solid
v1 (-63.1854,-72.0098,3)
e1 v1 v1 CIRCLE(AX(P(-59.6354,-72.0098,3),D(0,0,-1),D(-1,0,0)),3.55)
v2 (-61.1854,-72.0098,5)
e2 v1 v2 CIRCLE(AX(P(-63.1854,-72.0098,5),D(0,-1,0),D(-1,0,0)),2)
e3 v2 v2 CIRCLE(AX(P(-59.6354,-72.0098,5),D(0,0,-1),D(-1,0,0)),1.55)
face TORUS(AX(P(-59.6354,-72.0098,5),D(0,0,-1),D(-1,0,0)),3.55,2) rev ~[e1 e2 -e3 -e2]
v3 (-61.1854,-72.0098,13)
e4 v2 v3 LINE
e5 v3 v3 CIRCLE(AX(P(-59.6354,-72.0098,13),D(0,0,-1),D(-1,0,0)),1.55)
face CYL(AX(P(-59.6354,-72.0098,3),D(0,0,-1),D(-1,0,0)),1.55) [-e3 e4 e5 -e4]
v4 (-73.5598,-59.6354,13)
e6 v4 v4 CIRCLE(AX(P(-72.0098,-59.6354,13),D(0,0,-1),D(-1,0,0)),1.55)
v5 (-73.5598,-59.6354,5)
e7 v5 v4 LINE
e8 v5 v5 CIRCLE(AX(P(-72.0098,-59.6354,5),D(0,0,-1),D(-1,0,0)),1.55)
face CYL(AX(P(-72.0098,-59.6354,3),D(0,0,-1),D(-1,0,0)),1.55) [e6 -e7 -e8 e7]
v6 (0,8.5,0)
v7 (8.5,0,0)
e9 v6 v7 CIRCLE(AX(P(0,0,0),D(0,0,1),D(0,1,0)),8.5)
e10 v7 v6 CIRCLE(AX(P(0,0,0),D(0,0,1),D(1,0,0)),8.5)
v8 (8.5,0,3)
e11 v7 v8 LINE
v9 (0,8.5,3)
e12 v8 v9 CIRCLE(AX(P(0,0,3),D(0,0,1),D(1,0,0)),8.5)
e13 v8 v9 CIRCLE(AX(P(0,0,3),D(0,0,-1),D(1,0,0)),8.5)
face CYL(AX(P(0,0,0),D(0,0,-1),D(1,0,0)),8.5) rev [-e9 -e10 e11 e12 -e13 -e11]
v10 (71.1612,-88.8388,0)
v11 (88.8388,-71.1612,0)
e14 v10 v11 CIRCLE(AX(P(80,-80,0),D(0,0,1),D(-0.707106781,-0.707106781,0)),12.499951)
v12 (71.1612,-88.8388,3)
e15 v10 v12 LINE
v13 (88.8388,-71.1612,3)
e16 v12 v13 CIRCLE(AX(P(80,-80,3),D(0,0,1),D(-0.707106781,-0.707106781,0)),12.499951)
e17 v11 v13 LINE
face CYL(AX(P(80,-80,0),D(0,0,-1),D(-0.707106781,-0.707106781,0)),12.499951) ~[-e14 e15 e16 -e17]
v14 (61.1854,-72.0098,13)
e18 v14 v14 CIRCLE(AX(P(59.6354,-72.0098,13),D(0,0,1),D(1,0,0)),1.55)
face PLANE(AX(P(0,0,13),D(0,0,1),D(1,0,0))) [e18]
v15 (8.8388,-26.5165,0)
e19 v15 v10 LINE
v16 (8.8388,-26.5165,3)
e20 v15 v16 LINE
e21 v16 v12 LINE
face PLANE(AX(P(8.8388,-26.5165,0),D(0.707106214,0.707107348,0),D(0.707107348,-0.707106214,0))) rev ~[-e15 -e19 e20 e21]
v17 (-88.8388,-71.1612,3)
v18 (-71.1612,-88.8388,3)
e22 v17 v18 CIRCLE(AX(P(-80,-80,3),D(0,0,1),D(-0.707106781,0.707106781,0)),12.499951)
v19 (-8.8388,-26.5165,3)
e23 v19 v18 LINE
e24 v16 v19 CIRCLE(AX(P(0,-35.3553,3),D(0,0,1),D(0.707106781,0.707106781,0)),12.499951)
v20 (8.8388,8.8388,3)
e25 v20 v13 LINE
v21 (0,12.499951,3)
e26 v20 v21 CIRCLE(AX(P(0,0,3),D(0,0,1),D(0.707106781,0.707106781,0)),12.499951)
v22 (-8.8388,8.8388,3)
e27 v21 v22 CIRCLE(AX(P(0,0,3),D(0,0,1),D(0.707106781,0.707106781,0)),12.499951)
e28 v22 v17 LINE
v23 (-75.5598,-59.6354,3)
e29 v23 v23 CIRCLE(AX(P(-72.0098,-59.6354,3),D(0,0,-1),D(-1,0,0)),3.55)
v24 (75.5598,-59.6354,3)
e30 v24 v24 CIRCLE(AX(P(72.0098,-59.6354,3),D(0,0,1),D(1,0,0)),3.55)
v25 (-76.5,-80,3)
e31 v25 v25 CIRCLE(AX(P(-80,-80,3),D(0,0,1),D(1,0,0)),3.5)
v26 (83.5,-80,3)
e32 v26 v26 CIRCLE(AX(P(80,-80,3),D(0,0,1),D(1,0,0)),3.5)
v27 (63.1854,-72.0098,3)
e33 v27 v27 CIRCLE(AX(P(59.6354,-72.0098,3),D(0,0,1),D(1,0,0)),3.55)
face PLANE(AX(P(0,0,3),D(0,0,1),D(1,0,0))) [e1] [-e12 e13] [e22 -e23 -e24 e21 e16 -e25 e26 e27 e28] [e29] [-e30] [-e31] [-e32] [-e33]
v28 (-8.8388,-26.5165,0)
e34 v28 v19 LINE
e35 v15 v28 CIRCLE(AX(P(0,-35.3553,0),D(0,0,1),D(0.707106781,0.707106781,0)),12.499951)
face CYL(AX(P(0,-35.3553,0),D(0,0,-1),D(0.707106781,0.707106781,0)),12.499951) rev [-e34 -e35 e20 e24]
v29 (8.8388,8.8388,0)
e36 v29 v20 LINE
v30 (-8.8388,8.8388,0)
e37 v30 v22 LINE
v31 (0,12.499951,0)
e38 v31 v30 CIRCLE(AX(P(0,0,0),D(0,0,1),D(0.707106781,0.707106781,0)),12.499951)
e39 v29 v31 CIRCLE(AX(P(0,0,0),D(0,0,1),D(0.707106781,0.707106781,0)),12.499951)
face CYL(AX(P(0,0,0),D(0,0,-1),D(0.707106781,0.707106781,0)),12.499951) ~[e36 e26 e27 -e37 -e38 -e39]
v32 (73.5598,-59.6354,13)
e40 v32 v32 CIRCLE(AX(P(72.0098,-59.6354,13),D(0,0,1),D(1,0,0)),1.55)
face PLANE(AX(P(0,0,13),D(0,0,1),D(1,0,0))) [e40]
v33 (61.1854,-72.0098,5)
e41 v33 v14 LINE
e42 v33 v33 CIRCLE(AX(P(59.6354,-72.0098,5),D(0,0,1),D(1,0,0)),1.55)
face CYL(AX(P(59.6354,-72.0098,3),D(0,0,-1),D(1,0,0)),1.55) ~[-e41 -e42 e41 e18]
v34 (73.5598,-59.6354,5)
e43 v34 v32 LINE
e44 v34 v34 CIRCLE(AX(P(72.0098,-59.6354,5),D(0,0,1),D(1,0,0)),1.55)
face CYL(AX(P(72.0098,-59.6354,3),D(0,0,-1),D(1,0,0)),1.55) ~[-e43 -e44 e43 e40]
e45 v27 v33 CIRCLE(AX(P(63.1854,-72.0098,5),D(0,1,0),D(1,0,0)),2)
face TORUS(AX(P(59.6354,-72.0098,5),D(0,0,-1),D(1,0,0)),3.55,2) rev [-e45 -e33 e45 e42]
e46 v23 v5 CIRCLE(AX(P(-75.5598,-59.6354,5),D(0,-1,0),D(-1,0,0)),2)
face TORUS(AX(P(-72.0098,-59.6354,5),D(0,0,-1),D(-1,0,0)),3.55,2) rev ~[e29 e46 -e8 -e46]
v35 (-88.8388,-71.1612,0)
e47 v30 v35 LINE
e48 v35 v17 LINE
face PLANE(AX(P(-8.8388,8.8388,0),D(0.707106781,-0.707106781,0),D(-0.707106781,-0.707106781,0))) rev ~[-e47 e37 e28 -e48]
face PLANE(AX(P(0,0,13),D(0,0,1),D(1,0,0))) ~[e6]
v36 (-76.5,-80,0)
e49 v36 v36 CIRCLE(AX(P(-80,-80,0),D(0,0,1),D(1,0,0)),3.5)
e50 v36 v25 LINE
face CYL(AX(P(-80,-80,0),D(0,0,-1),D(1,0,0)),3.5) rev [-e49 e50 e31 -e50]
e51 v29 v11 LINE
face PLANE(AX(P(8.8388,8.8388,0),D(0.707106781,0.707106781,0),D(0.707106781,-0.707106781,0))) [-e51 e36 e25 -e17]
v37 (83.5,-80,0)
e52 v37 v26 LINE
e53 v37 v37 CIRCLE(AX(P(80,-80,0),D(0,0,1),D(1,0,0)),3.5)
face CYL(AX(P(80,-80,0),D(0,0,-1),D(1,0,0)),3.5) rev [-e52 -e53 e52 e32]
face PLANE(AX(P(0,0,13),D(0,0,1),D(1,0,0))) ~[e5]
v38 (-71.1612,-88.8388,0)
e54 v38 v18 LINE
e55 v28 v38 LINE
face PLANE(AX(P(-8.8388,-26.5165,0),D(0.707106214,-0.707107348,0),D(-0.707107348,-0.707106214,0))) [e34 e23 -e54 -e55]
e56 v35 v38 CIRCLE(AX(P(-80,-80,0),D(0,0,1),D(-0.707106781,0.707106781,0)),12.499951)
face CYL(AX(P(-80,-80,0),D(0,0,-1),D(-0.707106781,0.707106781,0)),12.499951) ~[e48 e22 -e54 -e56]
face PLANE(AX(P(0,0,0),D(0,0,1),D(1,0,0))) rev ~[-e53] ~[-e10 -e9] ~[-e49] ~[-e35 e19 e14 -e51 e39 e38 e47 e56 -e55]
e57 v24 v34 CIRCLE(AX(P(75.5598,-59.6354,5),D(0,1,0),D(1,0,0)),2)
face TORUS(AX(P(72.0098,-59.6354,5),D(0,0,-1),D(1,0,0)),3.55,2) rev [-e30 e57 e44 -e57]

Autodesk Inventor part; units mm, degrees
ref_plane "YZ Plane" through (0, 0, 0) normal (1, 0, 0) x (0, 1, 0)
ref_plane "XZ Plane" through (0, 0, 0) normal (0, 1, 0) x (-1, 0, 0)
ref_plane "XY Plane" through (0, 0, 0) normal (0, 0, 1) x (1, 0, 0)
sketch "Sketch1" plane through (0, 0, 0) normal (0, 0, 1) x (1, 0, 0)
  line L0 (0, 12.7112) -> (0, -15.7964)
  line L1 (-14.6857, 0) -> (16.9071, 0)
  line L2 (8.8388, 8.8388) -> (88.8388, -71.1612)
  line L3 (-8.8388, 8.8388) -> (-88.8388, -71.1612)
  line L4 (8.8388, -26.5165) -> (71.1612, -88.8388)
  line L5 (-8.8388, -26.5165) -> (-71.1612, -88.8388)
  arc A0 (8.8388, 8.8388) -> (-8.8388, 8.8388) centre (0, 0) ccw
  arc A1 (8.8388, -26.5165) -> (-8.8388, -26.5165) centre (0, -35.3553) ccw
  arc A2 (71.1612, -88.8388) -> (88.8388, -71.1612) centre (80, -80) ccw
  arc A3 (-88.8388, -71.1612) -> (-71.1612, -88.8388) centre (-80, -80) ccw
  circle A4 centre (-80, -80) radius 3.5
  circle A5 centre (80, -80) radius 3.5
  circle A6 centre (0, 0) radius 8.5
  point P0 (0, 17.6777)
  point P1 (0, -17.6777)
  dimension "d0" = 25
  dimension "d1" = 12.5
  dimension "d2" = 0
  dimension "d3" = 90
  dimension "d4" = 7
  dimension "d5" = 7
  dimension "d8" = 17
  dimension "d17" = 80
extrude "Extrusion1" add sketch "Sketch1" along normal blind 3
sketch "Sketch2" plane through (0, 0, 3) normal (0, 0, 1) x (1, 0, 0)
  circle A0 centre (80, -80) radius 3.5 projected
  line L0 (80, -80) -> (55.28, -55.28)
  line L1 (88.8388, -71.1612) -> (8.8388, 8.8388) projected
  circle A1 centre (72.0098, -59.6354) radius 1.55
  circle A2 centre (59.6354, -72.0098) radius 1.55
  point P0 (0, 0)
  dimension "d9" = 3.1
  dimension "d10" = 3.1
  dimension "d11" = 21.876
  dimension "d12" = 17.5
extrude "Extrusion2" add sketch "Sketch2" along normal blind 10 contours A1 | A2
mirror "Mirror1" about plane through (0, 0, 0) normal (1, 0, 0) of "Extrusion2"
fillet "Fillet1" radius 2 4 edges at (-70.4598, -59.6354, 3) (-58.0854, -72.0098, 3) (70.4598, -59.6354, 3) (58.0854, -72.0098, 3)
properties part number "rockerbogieçükü"
